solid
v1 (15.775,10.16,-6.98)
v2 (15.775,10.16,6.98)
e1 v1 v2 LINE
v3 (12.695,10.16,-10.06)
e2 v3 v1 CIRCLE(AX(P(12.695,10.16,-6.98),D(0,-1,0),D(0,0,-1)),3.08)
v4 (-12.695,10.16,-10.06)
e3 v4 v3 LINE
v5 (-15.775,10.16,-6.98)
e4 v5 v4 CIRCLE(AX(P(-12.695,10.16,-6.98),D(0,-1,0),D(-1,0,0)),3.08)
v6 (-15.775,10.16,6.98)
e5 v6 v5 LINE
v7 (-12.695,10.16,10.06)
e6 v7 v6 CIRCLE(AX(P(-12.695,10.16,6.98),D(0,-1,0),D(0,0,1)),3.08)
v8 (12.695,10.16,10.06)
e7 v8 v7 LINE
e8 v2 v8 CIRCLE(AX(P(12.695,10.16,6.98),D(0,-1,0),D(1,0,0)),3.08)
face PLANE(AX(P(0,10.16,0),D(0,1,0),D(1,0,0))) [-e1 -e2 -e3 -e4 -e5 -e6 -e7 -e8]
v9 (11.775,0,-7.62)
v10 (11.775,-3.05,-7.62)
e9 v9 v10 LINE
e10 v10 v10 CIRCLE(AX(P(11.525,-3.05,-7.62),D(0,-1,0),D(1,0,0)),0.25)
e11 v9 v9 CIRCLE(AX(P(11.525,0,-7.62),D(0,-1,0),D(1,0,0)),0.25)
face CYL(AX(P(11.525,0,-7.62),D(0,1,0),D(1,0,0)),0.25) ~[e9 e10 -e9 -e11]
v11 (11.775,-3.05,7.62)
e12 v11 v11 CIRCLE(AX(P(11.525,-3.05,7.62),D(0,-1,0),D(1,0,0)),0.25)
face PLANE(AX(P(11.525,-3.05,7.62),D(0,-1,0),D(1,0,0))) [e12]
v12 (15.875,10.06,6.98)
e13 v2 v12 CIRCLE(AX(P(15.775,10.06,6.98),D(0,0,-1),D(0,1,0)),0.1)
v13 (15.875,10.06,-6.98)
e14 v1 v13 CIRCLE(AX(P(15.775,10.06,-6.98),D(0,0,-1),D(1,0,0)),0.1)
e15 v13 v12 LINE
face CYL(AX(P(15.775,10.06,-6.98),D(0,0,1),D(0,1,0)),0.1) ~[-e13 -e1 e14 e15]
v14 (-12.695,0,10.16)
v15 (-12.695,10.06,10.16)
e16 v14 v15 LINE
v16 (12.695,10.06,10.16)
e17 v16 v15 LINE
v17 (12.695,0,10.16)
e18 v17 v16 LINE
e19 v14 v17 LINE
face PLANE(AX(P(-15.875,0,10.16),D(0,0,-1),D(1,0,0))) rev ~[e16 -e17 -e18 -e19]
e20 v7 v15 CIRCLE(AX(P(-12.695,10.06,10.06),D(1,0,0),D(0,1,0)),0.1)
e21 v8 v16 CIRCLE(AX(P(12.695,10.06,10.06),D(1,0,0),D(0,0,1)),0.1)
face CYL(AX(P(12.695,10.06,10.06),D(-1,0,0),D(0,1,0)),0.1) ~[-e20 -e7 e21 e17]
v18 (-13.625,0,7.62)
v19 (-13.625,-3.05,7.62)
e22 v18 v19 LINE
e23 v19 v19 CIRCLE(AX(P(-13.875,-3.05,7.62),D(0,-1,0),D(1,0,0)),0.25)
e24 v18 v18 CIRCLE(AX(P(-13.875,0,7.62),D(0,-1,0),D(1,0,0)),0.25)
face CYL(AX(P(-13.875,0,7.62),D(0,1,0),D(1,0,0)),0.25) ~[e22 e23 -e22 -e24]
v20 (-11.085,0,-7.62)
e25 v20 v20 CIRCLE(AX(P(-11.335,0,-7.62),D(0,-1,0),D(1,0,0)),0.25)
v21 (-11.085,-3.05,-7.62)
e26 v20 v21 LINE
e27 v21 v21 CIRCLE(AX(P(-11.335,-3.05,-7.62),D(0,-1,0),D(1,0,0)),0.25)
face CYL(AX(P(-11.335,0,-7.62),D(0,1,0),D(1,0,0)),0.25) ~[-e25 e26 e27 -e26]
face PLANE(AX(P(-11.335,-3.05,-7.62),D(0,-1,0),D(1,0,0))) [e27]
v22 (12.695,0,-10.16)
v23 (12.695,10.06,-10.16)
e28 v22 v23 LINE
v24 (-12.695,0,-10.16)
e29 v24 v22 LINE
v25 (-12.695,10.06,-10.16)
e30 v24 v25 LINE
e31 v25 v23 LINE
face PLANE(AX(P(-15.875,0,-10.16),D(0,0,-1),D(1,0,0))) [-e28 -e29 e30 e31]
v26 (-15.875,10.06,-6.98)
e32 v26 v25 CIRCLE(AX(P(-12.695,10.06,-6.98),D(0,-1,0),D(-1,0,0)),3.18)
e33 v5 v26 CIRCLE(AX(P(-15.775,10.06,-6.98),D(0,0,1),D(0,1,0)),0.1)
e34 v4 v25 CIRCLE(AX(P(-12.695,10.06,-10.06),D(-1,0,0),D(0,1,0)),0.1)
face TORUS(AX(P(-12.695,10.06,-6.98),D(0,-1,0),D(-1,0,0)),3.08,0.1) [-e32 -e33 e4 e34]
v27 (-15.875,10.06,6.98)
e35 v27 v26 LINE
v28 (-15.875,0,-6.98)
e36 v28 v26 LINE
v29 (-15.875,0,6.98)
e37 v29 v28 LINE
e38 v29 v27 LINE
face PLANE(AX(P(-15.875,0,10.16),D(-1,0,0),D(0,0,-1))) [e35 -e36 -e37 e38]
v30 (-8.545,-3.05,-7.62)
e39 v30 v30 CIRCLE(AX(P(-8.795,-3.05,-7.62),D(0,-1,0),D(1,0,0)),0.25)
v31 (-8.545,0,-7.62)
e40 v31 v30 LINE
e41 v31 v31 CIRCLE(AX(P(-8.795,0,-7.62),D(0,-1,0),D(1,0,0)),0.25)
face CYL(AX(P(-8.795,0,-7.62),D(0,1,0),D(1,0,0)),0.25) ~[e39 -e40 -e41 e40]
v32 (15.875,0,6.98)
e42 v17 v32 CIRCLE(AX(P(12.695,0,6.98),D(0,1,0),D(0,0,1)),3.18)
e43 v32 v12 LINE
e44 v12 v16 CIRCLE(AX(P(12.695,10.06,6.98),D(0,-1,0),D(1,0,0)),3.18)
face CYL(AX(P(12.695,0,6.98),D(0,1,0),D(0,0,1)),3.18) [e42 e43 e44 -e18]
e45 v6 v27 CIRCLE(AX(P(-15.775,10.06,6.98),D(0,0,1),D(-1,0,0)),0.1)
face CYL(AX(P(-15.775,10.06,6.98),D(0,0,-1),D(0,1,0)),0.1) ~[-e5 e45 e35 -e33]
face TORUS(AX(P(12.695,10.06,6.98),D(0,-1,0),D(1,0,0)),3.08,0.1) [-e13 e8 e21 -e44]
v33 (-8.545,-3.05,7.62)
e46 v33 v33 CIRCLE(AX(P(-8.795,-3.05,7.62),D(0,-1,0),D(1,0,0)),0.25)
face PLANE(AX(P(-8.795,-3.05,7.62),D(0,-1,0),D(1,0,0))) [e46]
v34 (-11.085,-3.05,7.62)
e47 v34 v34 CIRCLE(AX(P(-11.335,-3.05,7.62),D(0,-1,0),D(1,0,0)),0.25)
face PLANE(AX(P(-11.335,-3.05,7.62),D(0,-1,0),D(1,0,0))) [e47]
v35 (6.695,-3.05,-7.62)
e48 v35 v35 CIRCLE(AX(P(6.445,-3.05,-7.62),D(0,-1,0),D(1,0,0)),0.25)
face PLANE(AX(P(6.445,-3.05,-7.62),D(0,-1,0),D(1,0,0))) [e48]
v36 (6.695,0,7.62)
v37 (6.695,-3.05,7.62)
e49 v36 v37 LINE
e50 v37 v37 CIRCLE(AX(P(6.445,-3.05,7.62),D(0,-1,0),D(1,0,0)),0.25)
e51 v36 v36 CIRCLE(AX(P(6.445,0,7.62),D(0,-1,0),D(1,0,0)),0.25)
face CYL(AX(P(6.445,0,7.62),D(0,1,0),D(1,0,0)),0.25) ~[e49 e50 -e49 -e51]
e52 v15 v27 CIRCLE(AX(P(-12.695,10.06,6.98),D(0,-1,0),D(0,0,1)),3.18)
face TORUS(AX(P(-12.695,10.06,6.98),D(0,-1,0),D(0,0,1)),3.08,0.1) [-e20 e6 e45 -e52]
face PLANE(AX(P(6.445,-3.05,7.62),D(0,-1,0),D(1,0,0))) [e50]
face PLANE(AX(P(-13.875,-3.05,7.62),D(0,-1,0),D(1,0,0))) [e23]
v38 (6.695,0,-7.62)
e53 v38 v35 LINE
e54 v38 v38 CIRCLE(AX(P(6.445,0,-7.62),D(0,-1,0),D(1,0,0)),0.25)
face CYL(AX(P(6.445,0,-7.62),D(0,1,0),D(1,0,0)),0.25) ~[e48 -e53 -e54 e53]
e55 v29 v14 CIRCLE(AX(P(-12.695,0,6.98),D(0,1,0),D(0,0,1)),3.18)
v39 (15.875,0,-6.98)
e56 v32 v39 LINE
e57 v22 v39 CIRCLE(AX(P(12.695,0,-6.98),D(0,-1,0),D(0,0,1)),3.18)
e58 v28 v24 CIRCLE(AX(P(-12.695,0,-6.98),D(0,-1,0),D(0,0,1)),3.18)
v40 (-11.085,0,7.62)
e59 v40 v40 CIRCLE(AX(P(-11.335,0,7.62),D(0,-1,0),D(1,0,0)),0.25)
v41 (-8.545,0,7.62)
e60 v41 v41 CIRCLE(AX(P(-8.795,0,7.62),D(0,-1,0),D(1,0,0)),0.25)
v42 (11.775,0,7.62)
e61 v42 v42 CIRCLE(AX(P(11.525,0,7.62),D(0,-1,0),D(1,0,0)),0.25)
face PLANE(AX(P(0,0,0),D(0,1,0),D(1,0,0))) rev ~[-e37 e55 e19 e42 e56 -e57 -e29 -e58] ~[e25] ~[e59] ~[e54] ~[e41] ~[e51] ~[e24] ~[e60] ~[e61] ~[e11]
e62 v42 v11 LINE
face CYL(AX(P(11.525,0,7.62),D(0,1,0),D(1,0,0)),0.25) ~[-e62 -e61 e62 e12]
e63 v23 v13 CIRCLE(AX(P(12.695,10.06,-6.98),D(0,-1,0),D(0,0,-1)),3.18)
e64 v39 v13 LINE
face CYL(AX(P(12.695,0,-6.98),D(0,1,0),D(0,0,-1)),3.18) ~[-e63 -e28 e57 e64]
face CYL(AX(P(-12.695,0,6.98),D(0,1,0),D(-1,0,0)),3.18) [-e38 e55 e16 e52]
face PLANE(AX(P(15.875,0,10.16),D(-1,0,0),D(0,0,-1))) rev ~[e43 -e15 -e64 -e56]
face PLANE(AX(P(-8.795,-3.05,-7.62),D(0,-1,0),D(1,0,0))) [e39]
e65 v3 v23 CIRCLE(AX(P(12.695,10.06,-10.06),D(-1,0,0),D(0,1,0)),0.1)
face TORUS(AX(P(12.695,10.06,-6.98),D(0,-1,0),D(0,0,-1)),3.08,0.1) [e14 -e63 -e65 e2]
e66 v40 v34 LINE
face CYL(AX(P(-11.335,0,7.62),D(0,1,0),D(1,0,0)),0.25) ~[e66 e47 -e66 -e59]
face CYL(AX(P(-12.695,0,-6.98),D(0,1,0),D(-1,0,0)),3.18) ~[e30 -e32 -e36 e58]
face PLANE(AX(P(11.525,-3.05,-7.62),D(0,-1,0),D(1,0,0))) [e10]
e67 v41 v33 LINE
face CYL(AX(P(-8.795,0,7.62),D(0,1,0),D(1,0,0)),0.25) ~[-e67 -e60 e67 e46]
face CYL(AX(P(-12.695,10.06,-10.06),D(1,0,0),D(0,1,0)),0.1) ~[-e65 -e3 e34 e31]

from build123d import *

# Parameters (mm, degrees)
SKETCH1_W           = 31.75
SKETCH1_H           = 20.32
BOSS_EXTRUDE1_DEPTH = 10.16
SKETCH2_R           = 0.25
BOSS_EXTRUDE2_DEPTH = 3.05
FILLET1_R           = 3.18
FILLET2_R           = 0.1


with BuildPart() as part:
    # Sketch1 → Boss-Extrude1 (new body)
    with BuildSketch(Plane(origin=(0, 0, 0), x_dir=(1, 0, 0), z_dir=(0, 1, 0))):
        Rectangle(SKETCH1_W, SKETCH1_H)
    extrude(amount=BOSS_EXTRUDE1_DEPTH)

    # Sketch2 → Boss-Extrude2 (add)
    with BuildSketch(Plane.XZ):
        with Locations((-13.875, 7.62)):
            Circle(SKETCH2_R)
        with Locations((-11.335, 7.62)):
            Circle(SKETCH2_R)
        with Locations((-8.795, 7.62)):
            Circle(SKETCH2_R)
        with Locations((6.445, 7.62)):
            Circle(SKETCH2_R)
        with Locations((11.525, 7.62)):
            Circle(SKETCH2_R)
        with Locations((11.525, -7.62)):
            Circle(SKETCH2_R)
        with Locations((6.445, -7.62)):
            Circle(SKETCH2_R)
        with Locations((-8.795, -7.62)):
            Circle(SKETCH2_R)
        with Locations((-11.335, -7.62)):
            Circle(SKETCH2_R)
    extrude(amount=BOSS_EXTRUDE2_DEPTH)

    # Fillet1
    fillet1_edges = [part.edges().sort_by_distance(p)[0] for p in [
        (-15.875, 5.08, -10.16),
        (15.875, 5.08, -10.16),
        (15.875, 5.08, 10.16),
        (-15.875, 5.08, 10.16),
    ]]
    fillet(fillet1_edges, radius=FILLET1_R)

    # Fillet2
    fillet2_edges = [part.edges().sort_by_distance(p)[0] for p in [
        (0, 10.16, -10.16),
        (15.875, 10.16, 0),
        (-15.875, 10.16, 0),
        (0, 10.16, 10.16),
        (-14.943599564, 10.16, 9.228599564),
        (-14.943599564, 10.16, -9.228599564),
        (14.943599564, 10.16, 9.228599564),
        (14.943599564, 10.16, -9.228599564),
    ]]
    fillet(fillet2_edges, radius=FILLET2_R)


solid = part.part
